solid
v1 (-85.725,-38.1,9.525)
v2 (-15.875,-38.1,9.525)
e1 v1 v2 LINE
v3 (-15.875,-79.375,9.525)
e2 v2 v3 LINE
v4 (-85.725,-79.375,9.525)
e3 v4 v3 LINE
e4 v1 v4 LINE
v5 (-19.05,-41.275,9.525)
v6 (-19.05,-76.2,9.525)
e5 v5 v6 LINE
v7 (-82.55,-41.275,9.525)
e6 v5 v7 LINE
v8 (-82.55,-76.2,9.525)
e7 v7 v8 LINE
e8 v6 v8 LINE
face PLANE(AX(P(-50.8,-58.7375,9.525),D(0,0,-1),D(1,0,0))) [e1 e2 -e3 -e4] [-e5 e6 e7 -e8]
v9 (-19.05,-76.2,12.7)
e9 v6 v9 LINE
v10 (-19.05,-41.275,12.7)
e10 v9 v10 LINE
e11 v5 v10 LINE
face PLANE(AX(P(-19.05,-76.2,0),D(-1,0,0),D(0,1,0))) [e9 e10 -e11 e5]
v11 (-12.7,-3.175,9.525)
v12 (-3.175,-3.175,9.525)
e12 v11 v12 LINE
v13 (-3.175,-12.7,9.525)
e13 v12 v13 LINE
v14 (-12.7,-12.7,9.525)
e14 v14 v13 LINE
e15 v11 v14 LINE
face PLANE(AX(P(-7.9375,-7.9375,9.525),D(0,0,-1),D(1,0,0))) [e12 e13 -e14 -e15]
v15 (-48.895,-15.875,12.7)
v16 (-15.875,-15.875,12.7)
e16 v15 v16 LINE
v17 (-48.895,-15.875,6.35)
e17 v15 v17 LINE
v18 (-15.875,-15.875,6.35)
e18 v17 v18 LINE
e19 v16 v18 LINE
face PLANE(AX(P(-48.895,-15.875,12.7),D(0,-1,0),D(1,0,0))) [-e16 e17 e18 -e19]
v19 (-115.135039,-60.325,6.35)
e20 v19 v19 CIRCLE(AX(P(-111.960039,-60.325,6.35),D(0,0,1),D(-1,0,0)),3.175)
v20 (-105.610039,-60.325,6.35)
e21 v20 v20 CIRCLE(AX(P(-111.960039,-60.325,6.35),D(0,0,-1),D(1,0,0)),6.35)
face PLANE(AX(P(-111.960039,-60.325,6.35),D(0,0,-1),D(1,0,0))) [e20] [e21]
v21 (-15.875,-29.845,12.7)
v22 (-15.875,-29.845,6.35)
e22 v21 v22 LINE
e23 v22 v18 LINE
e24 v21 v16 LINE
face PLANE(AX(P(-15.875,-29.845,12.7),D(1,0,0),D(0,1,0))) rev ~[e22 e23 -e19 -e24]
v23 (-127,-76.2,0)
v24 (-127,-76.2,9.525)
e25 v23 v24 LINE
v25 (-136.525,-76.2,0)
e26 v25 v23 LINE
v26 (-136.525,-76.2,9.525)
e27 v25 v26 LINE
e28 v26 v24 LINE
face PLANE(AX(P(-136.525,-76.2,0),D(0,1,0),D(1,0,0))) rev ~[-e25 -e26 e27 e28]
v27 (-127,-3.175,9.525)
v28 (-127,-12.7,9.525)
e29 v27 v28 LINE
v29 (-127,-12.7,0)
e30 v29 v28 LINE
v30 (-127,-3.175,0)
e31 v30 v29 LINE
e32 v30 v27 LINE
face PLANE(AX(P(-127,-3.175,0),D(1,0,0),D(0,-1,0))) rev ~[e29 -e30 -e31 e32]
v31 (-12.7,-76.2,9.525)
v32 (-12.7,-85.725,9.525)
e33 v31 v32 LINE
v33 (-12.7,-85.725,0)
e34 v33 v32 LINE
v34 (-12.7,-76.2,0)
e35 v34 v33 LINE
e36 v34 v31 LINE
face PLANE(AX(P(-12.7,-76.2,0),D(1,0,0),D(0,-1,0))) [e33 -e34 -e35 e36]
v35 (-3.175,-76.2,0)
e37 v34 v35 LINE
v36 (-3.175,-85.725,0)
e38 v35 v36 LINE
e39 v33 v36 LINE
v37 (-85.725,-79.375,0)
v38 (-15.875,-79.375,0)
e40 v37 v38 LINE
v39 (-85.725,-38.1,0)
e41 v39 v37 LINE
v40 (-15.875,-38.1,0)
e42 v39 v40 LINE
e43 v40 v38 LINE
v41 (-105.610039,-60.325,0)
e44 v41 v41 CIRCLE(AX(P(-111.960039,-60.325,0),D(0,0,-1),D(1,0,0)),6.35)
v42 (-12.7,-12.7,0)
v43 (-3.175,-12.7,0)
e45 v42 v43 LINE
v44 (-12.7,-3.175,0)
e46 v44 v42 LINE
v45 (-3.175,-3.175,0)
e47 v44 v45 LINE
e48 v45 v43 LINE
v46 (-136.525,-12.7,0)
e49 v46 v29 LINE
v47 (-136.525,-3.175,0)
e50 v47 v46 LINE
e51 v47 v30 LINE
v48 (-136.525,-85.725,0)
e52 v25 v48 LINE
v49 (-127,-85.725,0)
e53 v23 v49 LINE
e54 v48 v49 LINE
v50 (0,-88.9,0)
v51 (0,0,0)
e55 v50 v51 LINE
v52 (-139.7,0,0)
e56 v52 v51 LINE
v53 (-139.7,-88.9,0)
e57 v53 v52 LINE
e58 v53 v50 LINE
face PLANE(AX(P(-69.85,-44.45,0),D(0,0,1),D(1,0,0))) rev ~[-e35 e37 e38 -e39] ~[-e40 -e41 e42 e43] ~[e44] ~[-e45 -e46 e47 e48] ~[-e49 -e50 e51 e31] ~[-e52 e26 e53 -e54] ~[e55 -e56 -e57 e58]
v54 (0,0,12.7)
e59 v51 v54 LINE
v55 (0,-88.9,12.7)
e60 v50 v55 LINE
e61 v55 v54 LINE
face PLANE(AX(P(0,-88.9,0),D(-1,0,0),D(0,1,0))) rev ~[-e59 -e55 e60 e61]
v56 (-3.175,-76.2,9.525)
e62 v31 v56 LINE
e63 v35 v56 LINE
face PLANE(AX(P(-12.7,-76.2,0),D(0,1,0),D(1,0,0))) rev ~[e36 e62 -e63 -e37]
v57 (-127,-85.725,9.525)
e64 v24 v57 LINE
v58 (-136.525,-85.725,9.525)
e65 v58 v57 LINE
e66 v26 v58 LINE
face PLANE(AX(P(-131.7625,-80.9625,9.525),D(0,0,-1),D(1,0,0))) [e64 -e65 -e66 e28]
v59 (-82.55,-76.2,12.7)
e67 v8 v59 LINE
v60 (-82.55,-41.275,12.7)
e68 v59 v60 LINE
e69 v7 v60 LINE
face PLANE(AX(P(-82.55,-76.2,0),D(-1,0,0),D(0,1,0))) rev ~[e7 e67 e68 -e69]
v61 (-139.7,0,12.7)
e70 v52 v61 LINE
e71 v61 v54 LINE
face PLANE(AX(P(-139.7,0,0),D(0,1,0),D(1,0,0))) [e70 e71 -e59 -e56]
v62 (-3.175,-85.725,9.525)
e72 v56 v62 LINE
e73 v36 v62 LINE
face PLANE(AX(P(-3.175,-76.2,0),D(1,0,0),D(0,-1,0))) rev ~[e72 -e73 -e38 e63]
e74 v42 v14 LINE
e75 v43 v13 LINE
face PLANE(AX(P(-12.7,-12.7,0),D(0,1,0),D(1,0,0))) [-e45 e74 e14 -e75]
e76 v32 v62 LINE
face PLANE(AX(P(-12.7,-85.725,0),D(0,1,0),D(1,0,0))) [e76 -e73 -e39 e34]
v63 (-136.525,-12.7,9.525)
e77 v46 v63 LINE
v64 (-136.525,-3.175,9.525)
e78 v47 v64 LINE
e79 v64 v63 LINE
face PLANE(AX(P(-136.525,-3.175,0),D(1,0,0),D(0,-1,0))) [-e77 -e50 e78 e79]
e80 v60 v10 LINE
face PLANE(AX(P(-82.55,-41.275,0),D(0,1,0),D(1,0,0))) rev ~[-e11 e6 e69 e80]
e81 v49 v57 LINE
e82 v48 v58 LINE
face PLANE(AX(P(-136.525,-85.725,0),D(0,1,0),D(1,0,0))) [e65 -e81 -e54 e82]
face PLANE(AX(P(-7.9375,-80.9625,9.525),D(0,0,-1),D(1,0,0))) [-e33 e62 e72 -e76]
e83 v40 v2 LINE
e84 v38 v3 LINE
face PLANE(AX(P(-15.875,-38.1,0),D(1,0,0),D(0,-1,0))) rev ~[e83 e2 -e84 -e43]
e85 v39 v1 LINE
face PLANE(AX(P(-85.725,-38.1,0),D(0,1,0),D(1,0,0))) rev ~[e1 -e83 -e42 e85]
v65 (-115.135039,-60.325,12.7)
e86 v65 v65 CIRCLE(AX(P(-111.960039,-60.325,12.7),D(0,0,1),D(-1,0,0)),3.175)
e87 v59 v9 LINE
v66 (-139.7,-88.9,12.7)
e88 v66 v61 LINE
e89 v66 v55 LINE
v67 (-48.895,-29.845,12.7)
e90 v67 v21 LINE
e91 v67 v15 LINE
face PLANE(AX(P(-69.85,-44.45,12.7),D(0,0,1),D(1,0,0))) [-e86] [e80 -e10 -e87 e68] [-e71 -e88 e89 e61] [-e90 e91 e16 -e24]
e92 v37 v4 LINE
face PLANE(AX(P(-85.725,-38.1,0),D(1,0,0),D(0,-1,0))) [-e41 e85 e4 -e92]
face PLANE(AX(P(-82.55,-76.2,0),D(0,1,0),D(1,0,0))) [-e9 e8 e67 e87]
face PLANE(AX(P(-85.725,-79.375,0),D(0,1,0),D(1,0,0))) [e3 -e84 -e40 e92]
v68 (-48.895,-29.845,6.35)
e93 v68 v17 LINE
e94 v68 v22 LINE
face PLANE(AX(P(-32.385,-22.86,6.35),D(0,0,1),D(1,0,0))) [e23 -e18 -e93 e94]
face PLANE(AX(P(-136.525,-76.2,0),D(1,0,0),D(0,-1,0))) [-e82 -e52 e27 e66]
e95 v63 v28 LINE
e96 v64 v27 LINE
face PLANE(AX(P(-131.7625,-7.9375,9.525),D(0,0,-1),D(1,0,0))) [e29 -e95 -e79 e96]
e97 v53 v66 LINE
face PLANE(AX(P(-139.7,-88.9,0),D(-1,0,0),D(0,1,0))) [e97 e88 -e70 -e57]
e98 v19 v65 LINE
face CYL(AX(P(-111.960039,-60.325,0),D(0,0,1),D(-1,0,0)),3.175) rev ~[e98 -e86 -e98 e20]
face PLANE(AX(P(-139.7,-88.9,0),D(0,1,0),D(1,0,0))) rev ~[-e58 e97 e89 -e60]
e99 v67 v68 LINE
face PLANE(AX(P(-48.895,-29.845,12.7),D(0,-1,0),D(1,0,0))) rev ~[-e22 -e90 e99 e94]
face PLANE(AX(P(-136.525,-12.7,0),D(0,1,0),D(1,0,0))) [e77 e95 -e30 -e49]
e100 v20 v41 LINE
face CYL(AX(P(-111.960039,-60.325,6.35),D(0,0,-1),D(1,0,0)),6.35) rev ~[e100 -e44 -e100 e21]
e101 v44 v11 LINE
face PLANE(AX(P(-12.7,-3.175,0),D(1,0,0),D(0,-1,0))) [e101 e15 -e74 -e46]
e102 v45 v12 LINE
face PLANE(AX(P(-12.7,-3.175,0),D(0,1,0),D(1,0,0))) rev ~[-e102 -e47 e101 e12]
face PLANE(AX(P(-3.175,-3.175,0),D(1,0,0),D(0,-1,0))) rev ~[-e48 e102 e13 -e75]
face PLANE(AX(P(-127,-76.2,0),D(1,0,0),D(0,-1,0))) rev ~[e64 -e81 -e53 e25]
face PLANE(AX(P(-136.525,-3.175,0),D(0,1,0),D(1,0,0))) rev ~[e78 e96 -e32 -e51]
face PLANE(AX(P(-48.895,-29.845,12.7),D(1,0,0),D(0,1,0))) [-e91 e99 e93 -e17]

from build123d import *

# Parameters (mm, degrees)
F0_W           = 139.7
F0_H           = 88.9
F0_W_2         = 63.5
F0_H_2         = 34.925
F1_DEPTH       = 12.7
F2_W           = 9.525
F2_H           = 9.525
F2_W_2         = 69.85
F2_H_2         = 41.275
F3_DEPTH       = 9.525
F4_W           = 33.02
F4_H           = 13.97
F5_DEPTH       = 6.35
F7_D           = 6.35
F7_CBORE_D     = 12.7
F7_CBORE_DEPTH = 6.35


with BuildPart() as f1:
    # F0 (on Top) → F1 (new body)
    with BuildSketch(Plane.XY):
        with Locations((-69.85, -44.45)):
            Rectangle(F0_W, F0_H)
        with Locations((-50.8, -58.7375)):
            Rectangle(F0_W_2, F0_H_2, mode=Mode.SUBTRACT)
    extrude(amount=F1_DEPTH)

    # F2 (on face) → F3 (cut)
    with BuildSketch(Plane(origin=(0, 0, 0), x_dir=(1, 0, 0), z_dir=(0, 0, -1))):
        with Locations((-131.7625, 7.9375)):
            Rectangle(F2_W, F2_H)
        with Locations((-131.7625, 80.9625)):
            Rectangle(F2_W, F2_H)
        with Locations((-7.9375, 7.9375)):
            Rectangle(F2_W, F2_H)
        with Locations((-7.9375, 80.9625)):
            Rectangle(F2_W, F2_H)
        with Locations((-50.8, 58.7375)):
            Rectangle(F2_W_2, F2_H_2)
    extrude(amount=-F3_DEPTH, mode=Mode.SUBTRACT)

    # F4 (on face) → F5 (cut)
    with BuildSketch(Plane.XY.offset(12.7)):
        with Locations((-32.385, -22.86)):
            Rectangle(F4_W, F4_H)
    extrude(amount=-F5_DEPTH, mode=Mode.SUBTRACT)

    # F7 (through all)
    with Locations(Plane(origin=(0, 0, 0), x_dir=(1, 0, 0), z_dir=(0, 0, -1))):
        with Locations((-111.960039, 60.325)):
            CounterBoreHole(F7_D / 2, F7_CBORE_D / 2, F7_CBORE_DEPTH)


solid = f1.part
